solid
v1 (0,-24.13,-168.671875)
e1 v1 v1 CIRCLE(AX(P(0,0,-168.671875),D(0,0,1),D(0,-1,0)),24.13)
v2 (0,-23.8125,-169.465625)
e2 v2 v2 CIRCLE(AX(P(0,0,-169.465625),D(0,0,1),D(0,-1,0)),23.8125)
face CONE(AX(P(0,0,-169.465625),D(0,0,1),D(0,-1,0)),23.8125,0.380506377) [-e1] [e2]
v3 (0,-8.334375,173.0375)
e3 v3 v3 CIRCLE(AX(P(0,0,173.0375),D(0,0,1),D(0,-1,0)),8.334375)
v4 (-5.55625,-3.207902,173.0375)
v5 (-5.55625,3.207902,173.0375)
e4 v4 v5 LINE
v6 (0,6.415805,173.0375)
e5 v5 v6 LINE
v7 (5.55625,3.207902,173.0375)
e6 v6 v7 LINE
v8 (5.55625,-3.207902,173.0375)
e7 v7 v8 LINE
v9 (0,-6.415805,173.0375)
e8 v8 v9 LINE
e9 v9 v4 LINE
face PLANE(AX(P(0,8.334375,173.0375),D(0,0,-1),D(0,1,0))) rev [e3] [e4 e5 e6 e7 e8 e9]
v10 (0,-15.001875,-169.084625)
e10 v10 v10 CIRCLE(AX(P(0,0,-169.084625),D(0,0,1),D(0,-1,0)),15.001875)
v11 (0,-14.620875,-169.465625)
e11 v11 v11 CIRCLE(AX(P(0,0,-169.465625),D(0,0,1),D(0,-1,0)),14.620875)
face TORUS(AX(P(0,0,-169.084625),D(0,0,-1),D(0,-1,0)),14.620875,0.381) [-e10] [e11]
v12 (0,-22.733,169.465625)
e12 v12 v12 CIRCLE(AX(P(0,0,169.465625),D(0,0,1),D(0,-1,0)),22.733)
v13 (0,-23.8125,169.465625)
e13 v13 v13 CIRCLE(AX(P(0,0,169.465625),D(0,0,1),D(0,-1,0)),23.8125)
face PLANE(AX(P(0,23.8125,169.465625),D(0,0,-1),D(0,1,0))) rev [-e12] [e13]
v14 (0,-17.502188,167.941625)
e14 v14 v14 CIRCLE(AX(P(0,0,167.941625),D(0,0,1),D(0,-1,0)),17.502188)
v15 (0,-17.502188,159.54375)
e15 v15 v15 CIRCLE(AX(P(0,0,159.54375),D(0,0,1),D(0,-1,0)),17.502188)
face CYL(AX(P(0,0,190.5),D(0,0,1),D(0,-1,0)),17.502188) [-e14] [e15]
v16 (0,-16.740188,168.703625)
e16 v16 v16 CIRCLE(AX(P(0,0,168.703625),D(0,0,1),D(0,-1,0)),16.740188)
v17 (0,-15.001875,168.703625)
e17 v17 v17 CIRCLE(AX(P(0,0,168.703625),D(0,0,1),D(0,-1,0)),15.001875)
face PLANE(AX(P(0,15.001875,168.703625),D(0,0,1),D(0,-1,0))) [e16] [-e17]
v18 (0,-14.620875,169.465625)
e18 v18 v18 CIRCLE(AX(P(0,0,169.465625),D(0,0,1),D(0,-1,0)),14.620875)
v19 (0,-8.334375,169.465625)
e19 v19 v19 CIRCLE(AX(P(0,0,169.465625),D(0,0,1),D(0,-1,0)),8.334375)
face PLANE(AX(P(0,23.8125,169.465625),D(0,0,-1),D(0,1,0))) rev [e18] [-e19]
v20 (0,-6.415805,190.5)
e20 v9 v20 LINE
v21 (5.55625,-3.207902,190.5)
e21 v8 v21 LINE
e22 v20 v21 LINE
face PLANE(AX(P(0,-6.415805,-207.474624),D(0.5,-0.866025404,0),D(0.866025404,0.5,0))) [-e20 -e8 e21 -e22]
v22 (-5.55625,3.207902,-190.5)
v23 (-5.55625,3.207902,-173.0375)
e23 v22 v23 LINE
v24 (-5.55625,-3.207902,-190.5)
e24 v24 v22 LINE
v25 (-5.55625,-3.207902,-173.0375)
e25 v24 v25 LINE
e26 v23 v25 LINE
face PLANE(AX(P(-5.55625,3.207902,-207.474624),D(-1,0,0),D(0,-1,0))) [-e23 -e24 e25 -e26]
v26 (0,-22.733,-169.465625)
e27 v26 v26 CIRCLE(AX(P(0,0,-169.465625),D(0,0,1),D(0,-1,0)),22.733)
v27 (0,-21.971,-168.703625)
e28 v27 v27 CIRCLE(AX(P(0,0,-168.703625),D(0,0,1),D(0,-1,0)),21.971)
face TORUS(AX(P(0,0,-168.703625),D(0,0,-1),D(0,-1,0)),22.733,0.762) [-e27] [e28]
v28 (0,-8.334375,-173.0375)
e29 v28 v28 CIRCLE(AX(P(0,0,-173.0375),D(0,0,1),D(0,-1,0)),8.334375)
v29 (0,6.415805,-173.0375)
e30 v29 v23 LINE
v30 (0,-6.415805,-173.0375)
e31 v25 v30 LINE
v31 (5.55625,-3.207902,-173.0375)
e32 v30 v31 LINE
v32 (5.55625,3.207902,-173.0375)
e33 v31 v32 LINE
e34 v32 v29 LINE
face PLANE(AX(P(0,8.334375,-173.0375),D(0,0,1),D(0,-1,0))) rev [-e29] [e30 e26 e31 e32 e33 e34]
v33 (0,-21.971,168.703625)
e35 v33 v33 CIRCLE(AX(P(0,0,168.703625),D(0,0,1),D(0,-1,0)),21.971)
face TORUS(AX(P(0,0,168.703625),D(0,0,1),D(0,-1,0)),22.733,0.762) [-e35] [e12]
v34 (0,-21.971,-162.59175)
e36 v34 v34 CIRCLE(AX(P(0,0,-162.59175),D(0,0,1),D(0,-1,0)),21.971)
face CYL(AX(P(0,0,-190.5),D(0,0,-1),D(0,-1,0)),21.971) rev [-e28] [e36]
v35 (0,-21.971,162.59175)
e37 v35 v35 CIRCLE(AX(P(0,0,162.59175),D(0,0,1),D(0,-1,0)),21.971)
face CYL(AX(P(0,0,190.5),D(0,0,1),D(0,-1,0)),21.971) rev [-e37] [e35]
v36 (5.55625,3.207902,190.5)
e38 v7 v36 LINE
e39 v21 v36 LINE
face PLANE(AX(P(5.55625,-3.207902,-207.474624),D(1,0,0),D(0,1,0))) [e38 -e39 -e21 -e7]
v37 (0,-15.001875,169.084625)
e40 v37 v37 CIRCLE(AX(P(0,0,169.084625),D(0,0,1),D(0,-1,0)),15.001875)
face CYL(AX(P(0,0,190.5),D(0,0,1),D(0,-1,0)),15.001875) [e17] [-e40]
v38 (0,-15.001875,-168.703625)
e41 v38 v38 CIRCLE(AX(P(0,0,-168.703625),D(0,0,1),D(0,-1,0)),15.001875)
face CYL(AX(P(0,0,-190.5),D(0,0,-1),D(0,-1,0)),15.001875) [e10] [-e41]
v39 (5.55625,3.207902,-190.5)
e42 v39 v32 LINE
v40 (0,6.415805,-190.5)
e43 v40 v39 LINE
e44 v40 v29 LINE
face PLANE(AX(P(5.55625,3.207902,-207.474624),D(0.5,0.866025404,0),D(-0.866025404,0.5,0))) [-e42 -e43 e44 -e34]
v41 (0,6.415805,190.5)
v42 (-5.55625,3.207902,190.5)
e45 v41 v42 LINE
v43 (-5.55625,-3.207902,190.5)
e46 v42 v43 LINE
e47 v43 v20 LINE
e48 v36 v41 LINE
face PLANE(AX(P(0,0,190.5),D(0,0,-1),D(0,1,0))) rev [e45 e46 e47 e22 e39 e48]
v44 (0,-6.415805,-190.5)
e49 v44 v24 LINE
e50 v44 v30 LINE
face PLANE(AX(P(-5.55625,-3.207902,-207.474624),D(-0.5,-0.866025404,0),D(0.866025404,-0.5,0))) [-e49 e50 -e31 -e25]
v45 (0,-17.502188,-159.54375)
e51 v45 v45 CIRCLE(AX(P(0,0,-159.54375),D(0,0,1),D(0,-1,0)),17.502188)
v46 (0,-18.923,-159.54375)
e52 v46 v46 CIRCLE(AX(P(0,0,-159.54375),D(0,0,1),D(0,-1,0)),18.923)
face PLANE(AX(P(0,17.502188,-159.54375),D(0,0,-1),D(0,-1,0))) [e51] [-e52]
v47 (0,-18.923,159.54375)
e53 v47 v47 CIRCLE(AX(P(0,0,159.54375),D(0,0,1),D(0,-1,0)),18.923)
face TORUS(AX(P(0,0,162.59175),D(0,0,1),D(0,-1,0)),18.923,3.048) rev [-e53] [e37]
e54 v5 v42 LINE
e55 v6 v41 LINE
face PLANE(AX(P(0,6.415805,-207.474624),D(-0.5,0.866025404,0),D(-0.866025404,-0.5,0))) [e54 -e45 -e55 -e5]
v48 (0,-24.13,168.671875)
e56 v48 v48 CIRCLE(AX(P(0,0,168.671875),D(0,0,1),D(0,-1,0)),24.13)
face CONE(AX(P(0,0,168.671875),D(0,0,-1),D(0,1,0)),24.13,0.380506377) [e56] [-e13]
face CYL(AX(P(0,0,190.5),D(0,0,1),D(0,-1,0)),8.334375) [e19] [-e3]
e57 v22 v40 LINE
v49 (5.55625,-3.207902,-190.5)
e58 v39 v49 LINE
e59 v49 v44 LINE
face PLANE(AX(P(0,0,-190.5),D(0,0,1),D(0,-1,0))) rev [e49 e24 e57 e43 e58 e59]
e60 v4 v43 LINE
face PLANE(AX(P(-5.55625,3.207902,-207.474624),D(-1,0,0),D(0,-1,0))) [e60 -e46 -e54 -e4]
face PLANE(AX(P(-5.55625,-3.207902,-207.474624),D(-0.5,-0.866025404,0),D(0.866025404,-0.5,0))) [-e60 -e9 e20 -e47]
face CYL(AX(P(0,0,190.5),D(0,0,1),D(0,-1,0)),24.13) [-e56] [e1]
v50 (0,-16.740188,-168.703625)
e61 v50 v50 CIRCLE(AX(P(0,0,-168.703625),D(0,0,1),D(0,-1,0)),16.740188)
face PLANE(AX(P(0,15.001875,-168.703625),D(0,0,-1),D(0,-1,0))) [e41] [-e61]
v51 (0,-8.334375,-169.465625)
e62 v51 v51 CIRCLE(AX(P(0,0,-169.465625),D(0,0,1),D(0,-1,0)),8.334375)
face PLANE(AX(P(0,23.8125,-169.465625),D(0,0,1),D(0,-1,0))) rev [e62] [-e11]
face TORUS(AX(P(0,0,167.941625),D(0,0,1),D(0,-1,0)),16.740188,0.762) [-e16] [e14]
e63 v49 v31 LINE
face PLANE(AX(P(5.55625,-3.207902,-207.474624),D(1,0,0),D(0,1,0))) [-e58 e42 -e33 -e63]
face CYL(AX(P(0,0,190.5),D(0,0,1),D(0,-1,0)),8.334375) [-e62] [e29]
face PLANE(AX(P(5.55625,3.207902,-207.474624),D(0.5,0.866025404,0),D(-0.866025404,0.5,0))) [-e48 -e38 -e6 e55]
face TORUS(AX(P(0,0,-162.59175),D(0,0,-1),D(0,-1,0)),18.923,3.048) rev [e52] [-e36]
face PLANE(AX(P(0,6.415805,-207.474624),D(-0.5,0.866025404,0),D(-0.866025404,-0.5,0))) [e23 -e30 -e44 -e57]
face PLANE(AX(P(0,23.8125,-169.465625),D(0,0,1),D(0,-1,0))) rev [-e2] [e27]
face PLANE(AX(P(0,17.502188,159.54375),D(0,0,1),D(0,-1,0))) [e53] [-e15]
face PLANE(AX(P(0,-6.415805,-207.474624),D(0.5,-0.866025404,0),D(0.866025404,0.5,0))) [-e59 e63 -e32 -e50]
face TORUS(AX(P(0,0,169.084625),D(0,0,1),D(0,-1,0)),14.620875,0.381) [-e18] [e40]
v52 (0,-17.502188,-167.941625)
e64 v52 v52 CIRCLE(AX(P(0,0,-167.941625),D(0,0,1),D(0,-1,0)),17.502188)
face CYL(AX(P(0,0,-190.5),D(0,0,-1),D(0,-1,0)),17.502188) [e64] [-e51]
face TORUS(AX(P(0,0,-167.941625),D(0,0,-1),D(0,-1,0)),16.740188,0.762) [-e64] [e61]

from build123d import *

# Parameters (mm, degrees)
BOSS_EXTRUDE1_REACH = 384.525


with BuildPart() as part:
    # Sketch3 → Revolve1 (revolve)
    with BuildSketch(Plane(origin=(0, 0, 0), x_dir=(0, 0, -1), z_dir=(1, 0, 0)), mode=Mode.PRIVATE) as revolve1_sk:
        Polygon((190.5, 5.55625), (173.0375, 5.55625), (173.0375, 8.334375), (169.465625, 8.334375), (169.465625, 23.8125), (168.671875, 24.13), (-168.671875, 24.13), (-169.465625, 23.8125), (-169.465625, 8.334375), (-173.0375, 8.334375), (-173.0375, 5.55625), (-190.5, 5.55625), (-190.5, 0), (190.5, 0), align=None)
    revolve(revolve1_sk.sketch.rotate(Axis((0, 0, 190.5), (0, 0, -1)), 180), axis=Axis((0, 0, 190.5), (0, 0, -1)))

    # Boss-Extrude1: up to this face of the body (flat: up to its plane)
    boss_extrude1_end = Plane(part.part.faces().sort_by_distance((0, 0, -190.5))[0])
    # Sketch4 → Boss-Extrude1 (add, up to the picked face)
    with BuildSketch(Plane.XY.offset(190.5), mode=Mode.PRIVATE) as boss_extrude1_sk1:
        Polygon((0, 6.415804866), (-5.55625, 3.207902433), (-5.55625, -3.207902433), (0, -6.415804866), (5.55625, -3.207902433), (5.55625, 3.207902433), align=None)
    boss_extrude1_tool1 = split(extrude(boss_extrude1_sk1.sketch, amount=-BOSS_EXTRUDE1_REACH, mode=Mode.PRIVATE), bisect_by=boss_extrude1_end, keep=Keep.BOTH, mode=Mode.PRIVATE)
    add(boss_extrude1_tool1.solids().sort_by(Axis((0, 0, 190.5), (0, 0, -1)))[0])

    # Sketch6 → Cut-Revolve1 (revolve, cut)
    with BuildSketch(Plane(origin=(0, 0, 0), x_dir=(0, 0, -1), z_dir=(1, 0, 0)), mode=Mode.PRIVATE) as cut_revolve1_sk:
        with BuildLine():
            Line((-162.59175, 21.971), (-168.703625, 21.971))
            ThreePointArc((-168.703625, 21.971), (-169.242440367, 22.194184633), (-169.465625, 22.733))
            Line((-169.465625, 22.733), (-169.465625, 14.620875))
            ThreePointArc((-169.465625, 14.620875), (-169.354032684, 14.890282684), (-169.084625, 15.001875))
            Line((-169.084625, 15.001875), (-168.703625, 15.001875))
            Line((-168.703625, 15.001875), (-168.703625, 16.7401875))
            ThreePointArc((-168.703625, 16.7401875), (-168.480440367, 17.279002867), (-167.941625, 17.5021875))
            Line((-167.941625, 17.5021875), (-159.54375, 17.5021875))
            Line((-159.54375, 17.5021875), (-159.54375, 18.923))
            ThreePointArc((-159.54375, 18.923), (-160.436488531, 21.078261469), (-162.59175, 21.971))
        make_face()
    cut_revolve1 = revolve(cut_revolve1_sk.sketch.rotate(Axis((0, 0, 190.5), (0, 0, -1)), 180), axis=Axis((0, 0, 190.5), (0, 0, -1)), mode=Mode.SUBTRACT)

    # Mirror2: Cut-Revolve1 across plane
    add(cut_revolve1.mirror(Plane.XY), mode=Mode.SUBTRACT)


solid = part.part
